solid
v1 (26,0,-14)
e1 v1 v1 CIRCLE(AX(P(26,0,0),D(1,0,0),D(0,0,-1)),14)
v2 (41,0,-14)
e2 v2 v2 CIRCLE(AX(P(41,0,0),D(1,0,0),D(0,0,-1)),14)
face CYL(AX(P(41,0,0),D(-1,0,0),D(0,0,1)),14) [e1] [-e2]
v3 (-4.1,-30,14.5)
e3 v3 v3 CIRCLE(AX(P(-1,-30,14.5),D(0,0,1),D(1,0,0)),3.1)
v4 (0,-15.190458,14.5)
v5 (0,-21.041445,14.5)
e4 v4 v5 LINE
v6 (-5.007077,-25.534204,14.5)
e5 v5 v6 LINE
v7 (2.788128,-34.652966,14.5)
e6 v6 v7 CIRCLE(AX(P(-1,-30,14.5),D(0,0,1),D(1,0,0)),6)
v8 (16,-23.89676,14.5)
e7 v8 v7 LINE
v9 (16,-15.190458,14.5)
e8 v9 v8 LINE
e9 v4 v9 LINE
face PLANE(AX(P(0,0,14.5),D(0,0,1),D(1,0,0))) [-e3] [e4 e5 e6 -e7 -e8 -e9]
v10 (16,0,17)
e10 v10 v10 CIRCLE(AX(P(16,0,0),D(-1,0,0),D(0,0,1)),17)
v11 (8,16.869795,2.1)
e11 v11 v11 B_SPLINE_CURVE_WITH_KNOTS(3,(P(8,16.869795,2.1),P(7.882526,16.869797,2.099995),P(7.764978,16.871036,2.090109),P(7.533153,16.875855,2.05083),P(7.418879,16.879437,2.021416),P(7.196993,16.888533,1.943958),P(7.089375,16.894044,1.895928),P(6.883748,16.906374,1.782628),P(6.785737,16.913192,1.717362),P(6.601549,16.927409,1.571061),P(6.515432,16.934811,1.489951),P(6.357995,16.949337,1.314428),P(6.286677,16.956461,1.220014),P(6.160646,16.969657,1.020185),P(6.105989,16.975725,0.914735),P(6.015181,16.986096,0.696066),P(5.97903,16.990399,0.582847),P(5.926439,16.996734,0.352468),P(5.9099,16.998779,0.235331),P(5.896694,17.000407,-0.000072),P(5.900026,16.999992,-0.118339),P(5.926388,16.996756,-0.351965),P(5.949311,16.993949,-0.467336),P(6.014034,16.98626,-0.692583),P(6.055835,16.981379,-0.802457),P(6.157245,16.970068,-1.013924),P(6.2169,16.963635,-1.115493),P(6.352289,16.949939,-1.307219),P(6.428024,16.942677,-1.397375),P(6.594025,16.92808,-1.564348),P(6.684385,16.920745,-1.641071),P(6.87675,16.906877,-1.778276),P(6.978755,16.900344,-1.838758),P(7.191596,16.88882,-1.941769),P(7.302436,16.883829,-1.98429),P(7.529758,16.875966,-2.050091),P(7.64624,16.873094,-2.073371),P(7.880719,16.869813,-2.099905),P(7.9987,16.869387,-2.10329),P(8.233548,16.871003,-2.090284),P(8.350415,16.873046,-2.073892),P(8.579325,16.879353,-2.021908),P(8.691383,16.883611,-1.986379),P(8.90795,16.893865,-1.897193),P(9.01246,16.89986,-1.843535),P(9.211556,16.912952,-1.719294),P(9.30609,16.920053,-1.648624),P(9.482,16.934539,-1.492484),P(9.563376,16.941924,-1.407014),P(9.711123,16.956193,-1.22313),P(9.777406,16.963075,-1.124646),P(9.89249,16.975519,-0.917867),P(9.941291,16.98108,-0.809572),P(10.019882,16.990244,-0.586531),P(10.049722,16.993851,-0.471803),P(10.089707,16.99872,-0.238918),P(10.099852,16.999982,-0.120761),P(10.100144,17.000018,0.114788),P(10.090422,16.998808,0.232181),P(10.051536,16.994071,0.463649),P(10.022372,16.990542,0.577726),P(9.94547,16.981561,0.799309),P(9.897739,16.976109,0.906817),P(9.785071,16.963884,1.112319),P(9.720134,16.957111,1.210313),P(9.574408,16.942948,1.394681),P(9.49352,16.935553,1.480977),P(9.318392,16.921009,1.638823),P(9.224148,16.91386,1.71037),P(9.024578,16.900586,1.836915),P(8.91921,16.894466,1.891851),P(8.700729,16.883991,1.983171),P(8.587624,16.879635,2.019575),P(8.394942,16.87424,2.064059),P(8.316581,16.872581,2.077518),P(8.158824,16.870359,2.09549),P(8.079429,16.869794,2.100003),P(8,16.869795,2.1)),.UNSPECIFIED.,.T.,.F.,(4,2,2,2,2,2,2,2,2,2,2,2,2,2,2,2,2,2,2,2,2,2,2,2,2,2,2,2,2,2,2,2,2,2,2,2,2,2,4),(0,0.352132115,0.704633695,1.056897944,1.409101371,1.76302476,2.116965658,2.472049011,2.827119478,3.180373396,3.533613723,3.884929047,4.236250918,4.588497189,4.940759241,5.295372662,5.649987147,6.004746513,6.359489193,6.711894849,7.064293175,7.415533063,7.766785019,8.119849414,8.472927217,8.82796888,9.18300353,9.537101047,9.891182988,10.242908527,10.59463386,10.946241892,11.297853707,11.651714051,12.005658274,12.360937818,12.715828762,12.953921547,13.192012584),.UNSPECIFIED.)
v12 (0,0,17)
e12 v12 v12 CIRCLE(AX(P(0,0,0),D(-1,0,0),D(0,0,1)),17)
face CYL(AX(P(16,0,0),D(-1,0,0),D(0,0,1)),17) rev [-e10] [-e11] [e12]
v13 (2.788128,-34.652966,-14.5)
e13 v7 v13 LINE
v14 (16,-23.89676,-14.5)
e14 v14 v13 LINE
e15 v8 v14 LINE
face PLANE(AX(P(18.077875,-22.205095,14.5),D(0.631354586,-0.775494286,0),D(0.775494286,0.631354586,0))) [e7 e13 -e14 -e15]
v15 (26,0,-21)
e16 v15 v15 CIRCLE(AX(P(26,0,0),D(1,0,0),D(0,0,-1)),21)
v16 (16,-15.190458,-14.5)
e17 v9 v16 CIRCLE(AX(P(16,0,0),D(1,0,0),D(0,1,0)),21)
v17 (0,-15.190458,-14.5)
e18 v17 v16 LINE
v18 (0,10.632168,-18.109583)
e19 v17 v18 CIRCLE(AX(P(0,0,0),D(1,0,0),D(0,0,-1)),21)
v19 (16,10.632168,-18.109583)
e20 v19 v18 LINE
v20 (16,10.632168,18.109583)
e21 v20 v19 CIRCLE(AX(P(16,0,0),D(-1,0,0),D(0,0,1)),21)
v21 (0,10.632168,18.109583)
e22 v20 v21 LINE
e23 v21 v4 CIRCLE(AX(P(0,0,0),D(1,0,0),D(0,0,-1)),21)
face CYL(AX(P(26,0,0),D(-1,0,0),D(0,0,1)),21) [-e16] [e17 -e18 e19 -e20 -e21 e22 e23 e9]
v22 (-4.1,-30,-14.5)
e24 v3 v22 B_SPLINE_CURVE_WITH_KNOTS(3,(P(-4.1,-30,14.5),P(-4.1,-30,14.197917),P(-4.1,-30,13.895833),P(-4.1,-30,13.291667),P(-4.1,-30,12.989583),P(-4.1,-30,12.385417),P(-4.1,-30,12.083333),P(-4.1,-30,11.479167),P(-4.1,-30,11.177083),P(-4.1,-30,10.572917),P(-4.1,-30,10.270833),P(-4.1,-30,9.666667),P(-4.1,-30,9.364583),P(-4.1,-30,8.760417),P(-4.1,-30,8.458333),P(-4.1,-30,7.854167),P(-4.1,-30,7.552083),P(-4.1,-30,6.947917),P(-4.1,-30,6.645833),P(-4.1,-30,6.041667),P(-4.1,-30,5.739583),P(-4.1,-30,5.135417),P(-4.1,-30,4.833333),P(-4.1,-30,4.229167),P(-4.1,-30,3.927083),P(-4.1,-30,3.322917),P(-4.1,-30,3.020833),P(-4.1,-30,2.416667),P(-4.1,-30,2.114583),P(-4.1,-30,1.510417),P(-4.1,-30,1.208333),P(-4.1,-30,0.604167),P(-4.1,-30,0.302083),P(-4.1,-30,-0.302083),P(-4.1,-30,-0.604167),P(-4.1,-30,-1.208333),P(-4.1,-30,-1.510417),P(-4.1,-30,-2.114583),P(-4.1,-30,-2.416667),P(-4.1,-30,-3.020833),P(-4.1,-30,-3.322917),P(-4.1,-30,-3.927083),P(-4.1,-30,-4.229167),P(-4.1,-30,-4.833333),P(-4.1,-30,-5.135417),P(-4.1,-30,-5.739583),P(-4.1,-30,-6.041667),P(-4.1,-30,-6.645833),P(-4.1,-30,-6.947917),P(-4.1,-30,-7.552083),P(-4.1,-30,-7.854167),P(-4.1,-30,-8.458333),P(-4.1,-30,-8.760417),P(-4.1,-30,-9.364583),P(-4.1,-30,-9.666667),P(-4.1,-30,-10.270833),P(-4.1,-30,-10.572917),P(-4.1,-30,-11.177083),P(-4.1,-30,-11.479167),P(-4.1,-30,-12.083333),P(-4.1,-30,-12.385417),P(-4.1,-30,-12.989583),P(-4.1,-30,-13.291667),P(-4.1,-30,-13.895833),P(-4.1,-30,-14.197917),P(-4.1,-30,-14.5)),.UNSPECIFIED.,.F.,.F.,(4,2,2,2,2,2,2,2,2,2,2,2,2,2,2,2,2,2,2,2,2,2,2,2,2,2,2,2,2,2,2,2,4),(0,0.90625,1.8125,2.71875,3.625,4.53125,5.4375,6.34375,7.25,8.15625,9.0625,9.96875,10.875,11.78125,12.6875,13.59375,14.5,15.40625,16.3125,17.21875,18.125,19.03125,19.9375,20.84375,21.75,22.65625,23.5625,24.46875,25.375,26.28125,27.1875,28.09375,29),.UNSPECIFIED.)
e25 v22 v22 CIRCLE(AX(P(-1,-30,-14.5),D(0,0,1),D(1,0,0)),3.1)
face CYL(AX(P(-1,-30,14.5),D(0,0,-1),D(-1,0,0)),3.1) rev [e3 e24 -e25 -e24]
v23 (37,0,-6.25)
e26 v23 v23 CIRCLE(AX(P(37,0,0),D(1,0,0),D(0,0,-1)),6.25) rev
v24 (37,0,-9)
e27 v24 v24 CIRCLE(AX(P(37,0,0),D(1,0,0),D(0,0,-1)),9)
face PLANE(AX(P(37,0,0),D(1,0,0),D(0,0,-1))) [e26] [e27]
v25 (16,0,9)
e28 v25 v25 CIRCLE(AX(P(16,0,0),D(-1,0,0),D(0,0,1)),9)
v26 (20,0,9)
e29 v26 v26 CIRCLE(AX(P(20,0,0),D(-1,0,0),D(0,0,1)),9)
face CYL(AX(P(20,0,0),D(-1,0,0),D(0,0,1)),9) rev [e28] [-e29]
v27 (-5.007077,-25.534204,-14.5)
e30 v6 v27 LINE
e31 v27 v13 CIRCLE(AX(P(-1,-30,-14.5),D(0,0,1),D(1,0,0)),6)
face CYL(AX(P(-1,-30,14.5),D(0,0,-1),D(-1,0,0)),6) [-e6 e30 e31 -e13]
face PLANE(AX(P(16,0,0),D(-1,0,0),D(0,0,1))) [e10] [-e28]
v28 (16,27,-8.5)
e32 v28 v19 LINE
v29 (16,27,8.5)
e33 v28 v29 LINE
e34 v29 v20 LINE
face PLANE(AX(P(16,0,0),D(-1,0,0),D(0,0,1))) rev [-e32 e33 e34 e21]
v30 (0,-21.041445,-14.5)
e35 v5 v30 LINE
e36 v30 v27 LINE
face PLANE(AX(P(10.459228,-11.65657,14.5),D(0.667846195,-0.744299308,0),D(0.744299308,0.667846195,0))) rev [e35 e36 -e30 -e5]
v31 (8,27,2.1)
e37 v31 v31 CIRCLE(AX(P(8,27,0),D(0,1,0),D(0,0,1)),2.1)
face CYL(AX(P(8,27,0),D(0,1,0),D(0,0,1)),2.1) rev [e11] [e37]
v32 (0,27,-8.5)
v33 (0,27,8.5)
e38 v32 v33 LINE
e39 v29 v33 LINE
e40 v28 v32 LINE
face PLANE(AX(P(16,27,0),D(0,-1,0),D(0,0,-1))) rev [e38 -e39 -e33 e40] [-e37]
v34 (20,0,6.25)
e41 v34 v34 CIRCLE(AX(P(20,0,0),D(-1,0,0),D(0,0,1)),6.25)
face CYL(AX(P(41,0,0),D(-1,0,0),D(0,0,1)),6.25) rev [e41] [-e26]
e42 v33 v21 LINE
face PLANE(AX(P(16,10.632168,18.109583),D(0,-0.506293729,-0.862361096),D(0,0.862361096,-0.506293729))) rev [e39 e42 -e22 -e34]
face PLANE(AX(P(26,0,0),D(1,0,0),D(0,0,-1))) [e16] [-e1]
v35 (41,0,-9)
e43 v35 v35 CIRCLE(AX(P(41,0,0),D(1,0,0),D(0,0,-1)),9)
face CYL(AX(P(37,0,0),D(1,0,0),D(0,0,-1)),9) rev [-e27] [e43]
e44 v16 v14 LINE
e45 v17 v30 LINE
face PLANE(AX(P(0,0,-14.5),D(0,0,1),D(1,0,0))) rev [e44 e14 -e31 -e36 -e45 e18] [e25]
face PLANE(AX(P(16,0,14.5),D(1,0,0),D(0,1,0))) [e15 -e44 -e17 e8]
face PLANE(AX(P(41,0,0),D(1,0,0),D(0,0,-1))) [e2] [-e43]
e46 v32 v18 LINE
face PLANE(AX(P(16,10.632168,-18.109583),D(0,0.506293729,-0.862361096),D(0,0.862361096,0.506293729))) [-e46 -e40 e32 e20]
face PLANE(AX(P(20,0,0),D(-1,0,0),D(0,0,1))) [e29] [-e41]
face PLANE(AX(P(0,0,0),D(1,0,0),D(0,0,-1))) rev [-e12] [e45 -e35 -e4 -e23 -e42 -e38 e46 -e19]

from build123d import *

# Parameters (mm, degrees)
SKETCH_1_R               = 21
EXTRUDE_1_DEPTH          = 26
SKETCH_2_R               = 14
EXTRUDE_2_DEPTH          = 15
EXTRUDE_3_DEPTH          = 16
SKETCH_5_R               = 3.1
EXTRUDE_4_DEPTH          = 14.5
SKETCH_6_R               = 17
CUT_EXTRUDE_2_DEPTH      = 16
SKETCH_7_R               = 9
CUT_EXTRUDE_3_DEPTH      = 4
SKETCH_8_R               = 6.25
CUT_EXTRUDE_4_DEPTH      = 50.658836072
CUT_EXTRUDE_START        = -4
SKETCH_9_R               = 9
CUT_EXTRUDE_5_DEPTH      = 4
CUT_EXTRUDE_6_REACH      = 80.045
CUT_EXTRUDE_6_END_RADIUS = 17
SKETCH_10_R              = 1.75
HOLE_WIZARD_M5_1_REACH   = 76.155
HOLE_WIZARD_M5_1_BORE_R  = 2.1


with BuildPart() as part:
    # 草图1 → 凸台-拉伸1 (new body)
    with BuildSketch(Plane(origin=(0, 0, 0), x_dir=(0, 0, -1), z_dir=(1, 0, 0))):
        with Locations(Location((0, 0, 0), (0, 0, 180))):
            Circle(SKETCH_1_R)
    extrude(amount=EXTRUDE_1_DEPTH)

    # 草图2 → 凸台-拉伸2 (add)
    with BuildSketch(Plane(origin=(26, 0, 0), x_dir=(0, 0, -1), z_dir=(1, 0, 0))):
        Circle(SKETCH_2_R)
    extrude(amount=EXTRUDE_2_DEPTH)

    # 草图4 → 凸台-拉伸3 (add)
    with BuildSketch(Plane.ZY):
        with BuildLine():
            Line((0, 27), (-8.5, 27))
            Line((-8.5, 27), (-18.109583017, 10.63216831))
            ThreePointArc((-18.109583017, 10.63216831), (-10.433706568, 18.224647246), (0, 21))
            Line((0, 21), (0, 27))
        make_face()
        with BuildLine():
            Line((8.5, 27), (0, 27))
            Line((0, 27), (0, 21))
            ThreePointArc((0, 21), (10.433706568, 18.224647246), (18.109583017, 10.63216831))
            Line((18.109583017, 10.63216831), (8.5, 27))
        make_face()
    extrude(amount=-EXTRUDE_3_DEPTH)

    # 草图5 → 凸台-拉伸4 (add, symmetric)
    with BuildSketch(Plane.XY):
        with BuildLine():
            Line((16, -14), (0, -14))
            Line((0, -14), (0, -21.041445119))
            Line((0, -21.041445119), (-5.007077172, -25.534204154))
            ThreePointArc((-5.007077172, -25.534204154), (-6.479163396, -27.554847963), (-7, -30))
            ThreePointArc((-7, -30), (-3.575969226, -35.418891265), (2.788127515, -34.652965713))
            Line((2.788127515, -34.652965713), (16, -23.896759721))
            Line((16, -23.896759721), (16, -14))
        make_face()
        with Locations(Location((-1, -30, 0), (0, 0, 180))):
            Circle(SKETCH_5_R, mode=Mode.SUBTRACT)
    extrude(amount=EXTRUDE_4_DEPTH, both=True)

    # 草图6 → 切除-拉伸2 (cut)
    with BuildSketch(Plane.ZY):
        Circle(SKETCH_6_R)
    extrude(amount=-CUT_EXTRUDE_2_DEPTH, mode=Mode.SUBTRACT)

    # 草图7 → 切除-拉伸3 (cut)
    with BuildSketch(Plane.ZY.offset(-16)):
        Circle(SKETCH_7_R)
    extrude(amount=-CUT_EXTRUDE_3_DEPTH, mode=Mode.SUBTRACT)

    # 草图8 → 切除-拉伸4 (cut, through all)
    with BuildSketch(Plane.ZY.offset(-20)):
        Circle(SKETCH_8_R)
    extrude(amount=-CUT_EXTRUDE_4_DEPTH, mode=Mode.SUBTRACT)

    # 草图9 → 切除-拉伸5 (cut)
    with BuildSketch(Plane(origin=(41, 0, 0), x_dir=(0, 0, -1), z_dir=(1, 0, 0)).offset(CUT_EXTRUDE_START)):
        with Locations(Location((0, 0, 0), (0, 0, 180))):
            Circle(SKETCH_9_R)
    extrude(amount=CUT_EXTRUDE_5_DEPTH, mode=Mode.SUBTRACT)

    # 切除-拉伸6: up to this cylinder (the profile starts outside it)
    cut_extrude_6_end = Plane(origin=(8, 0, 0), z_dir=(-1, 0, 0)) * Cylinder(CUT_EXTRUDE_6_END_RADIUS, 195.09, mode=Mode.PRIVATE)
    # 草图10 → 切除-拉伸6 (cut, up to the surface)
    with BuildSketch(Plane(origin=(0, 27, 0), x_dir=(1, 0, 0), z_dir=(0, 1, 0)), mode=Mode.PRIVATE) as cut_extrude_6_sk1:
        with Locations(Location((8, 0, 0), (0, 0, 270))):
            Circle(SKETCH_10_R)
    cut_extrude_6_tool1 = extrude(cut_extrude_6_sk1.sketch, amount=-CUT_EXTRUDE_6_REACH, mode=Mode.PRIVATE) - cut_extrude_6_end
    add(cut_extrude_6_tool1.solids().sort_by_distance((8, 27, 0))[0], mode=Mode.SUBTRACT)

    # M5 螺纹孔1 bore (on position points) → M5 螺纹孔1 (cut, up to next)
    with BuildSketch(Plane(origin=(8, 27, 0), x_dir=(0, 0, 1), z_dir=(0, 1, 0)), mode=Mode.PRIVATE) as hole_wizard_m5_1_sk1:
        Circle(HOLE_WIZARD_M5_1_BORE_R)
    hole_wizard_m5_1_tool1 = extrude(hole_wizard_m5_1_sk1.sketch, amount=-HOLE_WIZARD_M5_1_REACH, mode=Mode.PRIVATE) & part.part
    add(hole_wizard_m5_1_tool1.solids().sort_by_distance((8, 27, 0))[0], mode=Mode.SUBTRACT)


solid = part.part
